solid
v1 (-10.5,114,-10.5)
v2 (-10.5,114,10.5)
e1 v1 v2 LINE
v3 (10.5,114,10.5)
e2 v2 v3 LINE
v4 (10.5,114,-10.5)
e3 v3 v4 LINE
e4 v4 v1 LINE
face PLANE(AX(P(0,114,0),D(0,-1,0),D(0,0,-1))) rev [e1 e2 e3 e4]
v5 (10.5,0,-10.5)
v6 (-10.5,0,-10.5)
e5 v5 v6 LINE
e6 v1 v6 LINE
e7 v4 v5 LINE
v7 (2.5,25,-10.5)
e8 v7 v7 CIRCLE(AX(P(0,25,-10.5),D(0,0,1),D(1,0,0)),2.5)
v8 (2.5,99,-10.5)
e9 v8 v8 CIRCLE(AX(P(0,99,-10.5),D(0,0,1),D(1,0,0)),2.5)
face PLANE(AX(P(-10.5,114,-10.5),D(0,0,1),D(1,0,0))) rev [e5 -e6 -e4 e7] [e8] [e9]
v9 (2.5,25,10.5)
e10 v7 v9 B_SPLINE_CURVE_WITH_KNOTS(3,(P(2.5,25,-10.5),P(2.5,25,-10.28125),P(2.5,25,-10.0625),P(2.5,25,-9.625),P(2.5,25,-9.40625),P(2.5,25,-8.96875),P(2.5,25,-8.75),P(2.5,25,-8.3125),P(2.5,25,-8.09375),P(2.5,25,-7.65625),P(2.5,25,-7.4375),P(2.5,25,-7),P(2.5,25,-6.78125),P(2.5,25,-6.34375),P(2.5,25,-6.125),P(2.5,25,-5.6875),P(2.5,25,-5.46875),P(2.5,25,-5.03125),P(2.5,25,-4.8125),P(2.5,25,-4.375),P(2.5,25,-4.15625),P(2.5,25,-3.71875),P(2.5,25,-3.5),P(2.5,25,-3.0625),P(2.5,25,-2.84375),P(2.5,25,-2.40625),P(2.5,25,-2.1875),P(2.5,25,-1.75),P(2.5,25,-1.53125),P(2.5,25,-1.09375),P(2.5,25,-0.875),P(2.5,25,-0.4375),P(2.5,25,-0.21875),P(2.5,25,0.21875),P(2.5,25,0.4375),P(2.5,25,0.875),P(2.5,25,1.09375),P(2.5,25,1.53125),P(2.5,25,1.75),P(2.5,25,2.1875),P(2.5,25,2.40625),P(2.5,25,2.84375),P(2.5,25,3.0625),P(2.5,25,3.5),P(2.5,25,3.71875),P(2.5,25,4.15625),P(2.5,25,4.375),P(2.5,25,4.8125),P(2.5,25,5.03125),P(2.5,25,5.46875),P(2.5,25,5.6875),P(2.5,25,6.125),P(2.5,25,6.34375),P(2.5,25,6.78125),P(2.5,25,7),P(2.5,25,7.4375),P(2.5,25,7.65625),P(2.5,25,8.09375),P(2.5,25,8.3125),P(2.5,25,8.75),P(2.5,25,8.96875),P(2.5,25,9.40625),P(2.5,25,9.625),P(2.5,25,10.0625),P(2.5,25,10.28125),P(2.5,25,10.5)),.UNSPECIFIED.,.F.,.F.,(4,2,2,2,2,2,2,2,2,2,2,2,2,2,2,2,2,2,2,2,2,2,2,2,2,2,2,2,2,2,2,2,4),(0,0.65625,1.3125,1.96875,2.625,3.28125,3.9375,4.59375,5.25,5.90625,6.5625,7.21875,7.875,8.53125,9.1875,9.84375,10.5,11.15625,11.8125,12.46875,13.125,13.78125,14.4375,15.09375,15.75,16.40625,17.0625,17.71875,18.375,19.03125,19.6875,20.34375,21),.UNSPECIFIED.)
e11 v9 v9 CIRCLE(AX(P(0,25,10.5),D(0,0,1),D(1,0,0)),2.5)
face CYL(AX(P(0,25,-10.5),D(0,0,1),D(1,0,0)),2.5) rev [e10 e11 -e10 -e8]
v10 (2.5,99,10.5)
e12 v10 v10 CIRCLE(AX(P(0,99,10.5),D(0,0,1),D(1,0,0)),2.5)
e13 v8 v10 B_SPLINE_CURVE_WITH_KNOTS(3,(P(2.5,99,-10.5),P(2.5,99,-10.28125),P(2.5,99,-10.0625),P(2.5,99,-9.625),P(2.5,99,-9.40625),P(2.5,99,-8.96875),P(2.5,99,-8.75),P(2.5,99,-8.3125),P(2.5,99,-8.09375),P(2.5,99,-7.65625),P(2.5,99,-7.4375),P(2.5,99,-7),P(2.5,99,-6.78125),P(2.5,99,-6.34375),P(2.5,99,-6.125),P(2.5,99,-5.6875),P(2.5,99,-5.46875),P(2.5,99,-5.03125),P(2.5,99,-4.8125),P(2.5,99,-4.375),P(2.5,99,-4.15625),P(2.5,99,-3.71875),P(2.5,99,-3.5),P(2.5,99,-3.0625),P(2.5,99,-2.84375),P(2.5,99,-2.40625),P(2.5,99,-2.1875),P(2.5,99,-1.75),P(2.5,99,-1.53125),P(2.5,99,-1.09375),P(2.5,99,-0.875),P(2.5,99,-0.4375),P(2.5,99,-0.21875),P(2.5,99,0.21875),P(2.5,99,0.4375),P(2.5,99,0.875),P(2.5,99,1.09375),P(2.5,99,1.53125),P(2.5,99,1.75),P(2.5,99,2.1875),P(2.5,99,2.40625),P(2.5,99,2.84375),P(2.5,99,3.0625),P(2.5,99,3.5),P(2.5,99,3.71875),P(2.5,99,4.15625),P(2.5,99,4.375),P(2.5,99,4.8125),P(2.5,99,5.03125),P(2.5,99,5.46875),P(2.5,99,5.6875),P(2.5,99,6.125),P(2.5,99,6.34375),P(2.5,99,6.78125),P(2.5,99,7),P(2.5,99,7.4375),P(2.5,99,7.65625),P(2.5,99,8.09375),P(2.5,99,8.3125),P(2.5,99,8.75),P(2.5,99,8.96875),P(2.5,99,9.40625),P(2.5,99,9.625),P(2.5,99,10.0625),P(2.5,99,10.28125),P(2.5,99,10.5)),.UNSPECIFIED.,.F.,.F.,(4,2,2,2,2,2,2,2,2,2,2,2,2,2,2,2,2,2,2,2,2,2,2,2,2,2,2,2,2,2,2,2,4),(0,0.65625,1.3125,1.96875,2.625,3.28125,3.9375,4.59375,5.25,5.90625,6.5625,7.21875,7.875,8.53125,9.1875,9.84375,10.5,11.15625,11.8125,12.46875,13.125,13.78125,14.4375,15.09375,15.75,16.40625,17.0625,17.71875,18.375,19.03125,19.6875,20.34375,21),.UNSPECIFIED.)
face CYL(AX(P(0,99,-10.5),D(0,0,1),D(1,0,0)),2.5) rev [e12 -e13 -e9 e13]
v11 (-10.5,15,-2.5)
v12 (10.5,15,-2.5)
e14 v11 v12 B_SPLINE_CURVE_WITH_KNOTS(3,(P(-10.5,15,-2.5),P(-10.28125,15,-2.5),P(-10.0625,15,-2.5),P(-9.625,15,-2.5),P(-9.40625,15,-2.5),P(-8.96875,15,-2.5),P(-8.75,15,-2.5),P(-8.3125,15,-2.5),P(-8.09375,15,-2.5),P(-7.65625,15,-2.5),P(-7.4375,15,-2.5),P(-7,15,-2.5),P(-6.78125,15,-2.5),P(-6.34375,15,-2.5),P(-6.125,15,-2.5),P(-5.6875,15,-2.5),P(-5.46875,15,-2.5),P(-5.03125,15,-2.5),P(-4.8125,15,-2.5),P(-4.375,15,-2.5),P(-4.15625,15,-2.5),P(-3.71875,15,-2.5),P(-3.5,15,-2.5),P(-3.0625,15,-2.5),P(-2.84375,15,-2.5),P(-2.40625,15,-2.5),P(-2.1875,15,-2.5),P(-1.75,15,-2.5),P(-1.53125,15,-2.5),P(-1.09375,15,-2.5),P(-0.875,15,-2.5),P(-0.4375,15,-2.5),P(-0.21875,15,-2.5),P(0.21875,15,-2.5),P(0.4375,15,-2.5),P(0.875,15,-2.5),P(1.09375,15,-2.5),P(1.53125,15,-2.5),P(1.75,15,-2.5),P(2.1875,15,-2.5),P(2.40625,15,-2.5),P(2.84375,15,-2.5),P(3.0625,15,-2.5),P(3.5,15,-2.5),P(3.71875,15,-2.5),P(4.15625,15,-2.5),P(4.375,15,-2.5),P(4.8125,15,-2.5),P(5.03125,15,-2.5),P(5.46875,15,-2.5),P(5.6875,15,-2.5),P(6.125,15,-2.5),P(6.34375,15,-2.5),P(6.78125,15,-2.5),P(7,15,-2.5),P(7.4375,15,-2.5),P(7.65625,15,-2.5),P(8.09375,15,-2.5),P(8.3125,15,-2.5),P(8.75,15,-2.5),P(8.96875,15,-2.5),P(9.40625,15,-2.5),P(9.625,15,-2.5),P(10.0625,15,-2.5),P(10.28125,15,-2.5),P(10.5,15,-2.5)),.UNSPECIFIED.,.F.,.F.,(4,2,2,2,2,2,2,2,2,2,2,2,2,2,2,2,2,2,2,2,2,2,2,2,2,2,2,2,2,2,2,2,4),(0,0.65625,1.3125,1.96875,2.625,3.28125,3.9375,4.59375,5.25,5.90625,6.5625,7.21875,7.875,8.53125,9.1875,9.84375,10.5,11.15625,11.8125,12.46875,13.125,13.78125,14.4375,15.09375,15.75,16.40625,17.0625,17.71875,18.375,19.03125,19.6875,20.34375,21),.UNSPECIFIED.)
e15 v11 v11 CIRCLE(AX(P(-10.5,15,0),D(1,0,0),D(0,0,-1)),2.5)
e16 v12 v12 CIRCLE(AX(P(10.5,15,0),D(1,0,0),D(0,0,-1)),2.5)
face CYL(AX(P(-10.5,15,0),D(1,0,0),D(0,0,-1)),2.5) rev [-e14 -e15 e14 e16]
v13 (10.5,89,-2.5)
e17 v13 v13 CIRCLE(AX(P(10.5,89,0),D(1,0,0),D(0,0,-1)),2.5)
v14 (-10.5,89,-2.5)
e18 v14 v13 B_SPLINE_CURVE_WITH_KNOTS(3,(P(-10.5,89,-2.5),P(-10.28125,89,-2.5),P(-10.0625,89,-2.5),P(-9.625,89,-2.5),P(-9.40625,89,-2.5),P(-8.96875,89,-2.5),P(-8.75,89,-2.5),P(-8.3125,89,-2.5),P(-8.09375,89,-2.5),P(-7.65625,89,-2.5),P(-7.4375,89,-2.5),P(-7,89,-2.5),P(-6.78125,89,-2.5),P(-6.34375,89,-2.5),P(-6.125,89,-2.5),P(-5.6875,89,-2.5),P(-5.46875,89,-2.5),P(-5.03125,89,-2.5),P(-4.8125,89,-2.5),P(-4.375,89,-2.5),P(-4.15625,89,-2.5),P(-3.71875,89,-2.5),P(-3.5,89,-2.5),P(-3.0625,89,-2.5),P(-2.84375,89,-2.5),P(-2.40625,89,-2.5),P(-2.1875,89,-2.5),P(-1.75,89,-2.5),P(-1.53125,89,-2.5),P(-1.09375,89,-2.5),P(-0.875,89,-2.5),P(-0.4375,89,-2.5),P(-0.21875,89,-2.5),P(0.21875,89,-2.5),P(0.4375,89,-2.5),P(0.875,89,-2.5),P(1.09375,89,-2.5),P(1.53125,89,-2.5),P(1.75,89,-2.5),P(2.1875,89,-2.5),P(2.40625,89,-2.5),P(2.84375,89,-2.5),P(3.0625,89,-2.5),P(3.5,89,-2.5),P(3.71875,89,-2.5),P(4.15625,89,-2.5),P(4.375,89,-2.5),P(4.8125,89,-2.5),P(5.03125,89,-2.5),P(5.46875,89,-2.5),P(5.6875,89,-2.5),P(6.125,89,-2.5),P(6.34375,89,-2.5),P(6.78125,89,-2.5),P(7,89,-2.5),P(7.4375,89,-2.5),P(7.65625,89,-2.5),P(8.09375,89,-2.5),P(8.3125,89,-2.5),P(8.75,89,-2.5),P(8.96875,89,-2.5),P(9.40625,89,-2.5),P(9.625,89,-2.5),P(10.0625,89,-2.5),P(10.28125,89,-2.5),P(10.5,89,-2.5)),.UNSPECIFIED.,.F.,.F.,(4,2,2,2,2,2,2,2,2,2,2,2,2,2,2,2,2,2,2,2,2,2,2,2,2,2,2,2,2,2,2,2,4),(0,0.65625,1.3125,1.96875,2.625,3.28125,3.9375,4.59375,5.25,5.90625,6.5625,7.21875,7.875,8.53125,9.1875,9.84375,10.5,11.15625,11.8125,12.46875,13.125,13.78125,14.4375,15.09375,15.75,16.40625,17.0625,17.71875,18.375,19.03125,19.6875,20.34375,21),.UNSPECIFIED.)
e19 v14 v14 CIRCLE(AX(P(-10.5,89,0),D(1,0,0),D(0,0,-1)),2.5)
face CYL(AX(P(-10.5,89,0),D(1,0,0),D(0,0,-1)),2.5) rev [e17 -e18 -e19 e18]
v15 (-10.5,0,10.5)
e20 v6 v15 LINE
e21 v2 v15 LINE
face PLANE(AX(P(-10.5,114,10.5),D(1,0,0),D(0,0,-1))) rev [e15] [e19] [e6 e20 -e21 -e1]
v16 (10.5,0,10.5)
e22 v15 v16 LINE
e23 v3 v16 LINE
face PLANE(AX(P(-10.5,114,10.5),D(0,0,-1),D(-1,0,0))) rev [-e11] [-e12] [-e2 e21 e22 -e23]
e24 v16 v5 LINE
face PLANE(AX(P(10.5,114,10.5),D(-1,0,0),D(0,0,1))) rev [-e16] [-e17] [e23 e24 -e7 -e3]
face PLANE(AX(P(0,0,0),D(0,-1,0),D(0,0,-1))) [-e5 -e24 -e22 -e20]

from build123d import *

# Parameters (mm, degrees)
SKETCH1_W           = 21
SKETCH1_H           = 21
BOSS_EXTRUDE1_DEPTH = 114
SKETCH3_R           = 2.5
CUT_EXTRUDE1_DEPTH  = 117.392654407
SKETCH4_R           = 2.5
CUT_EXTRUDE2_DEPTH  = 117.392654407


with BuildPart() as part:
    # Sketch1 → Boss-Extrude1 (new body)
    with BuildSketch(Plane(origin=(0, 0, 0), x_dir=(1, 0, 0), z_dir=(0, 1, 0))):
        Rectangle(SKETCH1_W, SKETCH1_H)
    extrude(amount=BOSS_EXTRUDE1_DEPTH)

    # Sketch3 → Cut-Extrude1 (cut, through all)
    with BuildSketch(Plane.XY.offset(10.5)):
        with Locations((0, 99)):
            Circle(SKETCH3_R)
        with Locations((0, 25)):
            Circle(SKETCH3_R)
    extrude(amount=-CUT_EXTRUDE1_DEPTH, mode=Mode.SUBTRACT)

    # Sketch4 → Cut-Extrude2 (cut, through all)
    with BuildSketch(Plane(origin=(10.5, 0, 0), x_dir=(0, 0, -1), z_dir=(1, 0, 0))):
        with Locations((0, 89)):
            Circle(SKETCH4_R)
        with Locations((0, 15)):
            Circle(SKETCH4_R)
    extrude(amount=-CUT_EXTRUDE2_DEPTH, mode=Mode.SUBTRACT)


solid = part.part
